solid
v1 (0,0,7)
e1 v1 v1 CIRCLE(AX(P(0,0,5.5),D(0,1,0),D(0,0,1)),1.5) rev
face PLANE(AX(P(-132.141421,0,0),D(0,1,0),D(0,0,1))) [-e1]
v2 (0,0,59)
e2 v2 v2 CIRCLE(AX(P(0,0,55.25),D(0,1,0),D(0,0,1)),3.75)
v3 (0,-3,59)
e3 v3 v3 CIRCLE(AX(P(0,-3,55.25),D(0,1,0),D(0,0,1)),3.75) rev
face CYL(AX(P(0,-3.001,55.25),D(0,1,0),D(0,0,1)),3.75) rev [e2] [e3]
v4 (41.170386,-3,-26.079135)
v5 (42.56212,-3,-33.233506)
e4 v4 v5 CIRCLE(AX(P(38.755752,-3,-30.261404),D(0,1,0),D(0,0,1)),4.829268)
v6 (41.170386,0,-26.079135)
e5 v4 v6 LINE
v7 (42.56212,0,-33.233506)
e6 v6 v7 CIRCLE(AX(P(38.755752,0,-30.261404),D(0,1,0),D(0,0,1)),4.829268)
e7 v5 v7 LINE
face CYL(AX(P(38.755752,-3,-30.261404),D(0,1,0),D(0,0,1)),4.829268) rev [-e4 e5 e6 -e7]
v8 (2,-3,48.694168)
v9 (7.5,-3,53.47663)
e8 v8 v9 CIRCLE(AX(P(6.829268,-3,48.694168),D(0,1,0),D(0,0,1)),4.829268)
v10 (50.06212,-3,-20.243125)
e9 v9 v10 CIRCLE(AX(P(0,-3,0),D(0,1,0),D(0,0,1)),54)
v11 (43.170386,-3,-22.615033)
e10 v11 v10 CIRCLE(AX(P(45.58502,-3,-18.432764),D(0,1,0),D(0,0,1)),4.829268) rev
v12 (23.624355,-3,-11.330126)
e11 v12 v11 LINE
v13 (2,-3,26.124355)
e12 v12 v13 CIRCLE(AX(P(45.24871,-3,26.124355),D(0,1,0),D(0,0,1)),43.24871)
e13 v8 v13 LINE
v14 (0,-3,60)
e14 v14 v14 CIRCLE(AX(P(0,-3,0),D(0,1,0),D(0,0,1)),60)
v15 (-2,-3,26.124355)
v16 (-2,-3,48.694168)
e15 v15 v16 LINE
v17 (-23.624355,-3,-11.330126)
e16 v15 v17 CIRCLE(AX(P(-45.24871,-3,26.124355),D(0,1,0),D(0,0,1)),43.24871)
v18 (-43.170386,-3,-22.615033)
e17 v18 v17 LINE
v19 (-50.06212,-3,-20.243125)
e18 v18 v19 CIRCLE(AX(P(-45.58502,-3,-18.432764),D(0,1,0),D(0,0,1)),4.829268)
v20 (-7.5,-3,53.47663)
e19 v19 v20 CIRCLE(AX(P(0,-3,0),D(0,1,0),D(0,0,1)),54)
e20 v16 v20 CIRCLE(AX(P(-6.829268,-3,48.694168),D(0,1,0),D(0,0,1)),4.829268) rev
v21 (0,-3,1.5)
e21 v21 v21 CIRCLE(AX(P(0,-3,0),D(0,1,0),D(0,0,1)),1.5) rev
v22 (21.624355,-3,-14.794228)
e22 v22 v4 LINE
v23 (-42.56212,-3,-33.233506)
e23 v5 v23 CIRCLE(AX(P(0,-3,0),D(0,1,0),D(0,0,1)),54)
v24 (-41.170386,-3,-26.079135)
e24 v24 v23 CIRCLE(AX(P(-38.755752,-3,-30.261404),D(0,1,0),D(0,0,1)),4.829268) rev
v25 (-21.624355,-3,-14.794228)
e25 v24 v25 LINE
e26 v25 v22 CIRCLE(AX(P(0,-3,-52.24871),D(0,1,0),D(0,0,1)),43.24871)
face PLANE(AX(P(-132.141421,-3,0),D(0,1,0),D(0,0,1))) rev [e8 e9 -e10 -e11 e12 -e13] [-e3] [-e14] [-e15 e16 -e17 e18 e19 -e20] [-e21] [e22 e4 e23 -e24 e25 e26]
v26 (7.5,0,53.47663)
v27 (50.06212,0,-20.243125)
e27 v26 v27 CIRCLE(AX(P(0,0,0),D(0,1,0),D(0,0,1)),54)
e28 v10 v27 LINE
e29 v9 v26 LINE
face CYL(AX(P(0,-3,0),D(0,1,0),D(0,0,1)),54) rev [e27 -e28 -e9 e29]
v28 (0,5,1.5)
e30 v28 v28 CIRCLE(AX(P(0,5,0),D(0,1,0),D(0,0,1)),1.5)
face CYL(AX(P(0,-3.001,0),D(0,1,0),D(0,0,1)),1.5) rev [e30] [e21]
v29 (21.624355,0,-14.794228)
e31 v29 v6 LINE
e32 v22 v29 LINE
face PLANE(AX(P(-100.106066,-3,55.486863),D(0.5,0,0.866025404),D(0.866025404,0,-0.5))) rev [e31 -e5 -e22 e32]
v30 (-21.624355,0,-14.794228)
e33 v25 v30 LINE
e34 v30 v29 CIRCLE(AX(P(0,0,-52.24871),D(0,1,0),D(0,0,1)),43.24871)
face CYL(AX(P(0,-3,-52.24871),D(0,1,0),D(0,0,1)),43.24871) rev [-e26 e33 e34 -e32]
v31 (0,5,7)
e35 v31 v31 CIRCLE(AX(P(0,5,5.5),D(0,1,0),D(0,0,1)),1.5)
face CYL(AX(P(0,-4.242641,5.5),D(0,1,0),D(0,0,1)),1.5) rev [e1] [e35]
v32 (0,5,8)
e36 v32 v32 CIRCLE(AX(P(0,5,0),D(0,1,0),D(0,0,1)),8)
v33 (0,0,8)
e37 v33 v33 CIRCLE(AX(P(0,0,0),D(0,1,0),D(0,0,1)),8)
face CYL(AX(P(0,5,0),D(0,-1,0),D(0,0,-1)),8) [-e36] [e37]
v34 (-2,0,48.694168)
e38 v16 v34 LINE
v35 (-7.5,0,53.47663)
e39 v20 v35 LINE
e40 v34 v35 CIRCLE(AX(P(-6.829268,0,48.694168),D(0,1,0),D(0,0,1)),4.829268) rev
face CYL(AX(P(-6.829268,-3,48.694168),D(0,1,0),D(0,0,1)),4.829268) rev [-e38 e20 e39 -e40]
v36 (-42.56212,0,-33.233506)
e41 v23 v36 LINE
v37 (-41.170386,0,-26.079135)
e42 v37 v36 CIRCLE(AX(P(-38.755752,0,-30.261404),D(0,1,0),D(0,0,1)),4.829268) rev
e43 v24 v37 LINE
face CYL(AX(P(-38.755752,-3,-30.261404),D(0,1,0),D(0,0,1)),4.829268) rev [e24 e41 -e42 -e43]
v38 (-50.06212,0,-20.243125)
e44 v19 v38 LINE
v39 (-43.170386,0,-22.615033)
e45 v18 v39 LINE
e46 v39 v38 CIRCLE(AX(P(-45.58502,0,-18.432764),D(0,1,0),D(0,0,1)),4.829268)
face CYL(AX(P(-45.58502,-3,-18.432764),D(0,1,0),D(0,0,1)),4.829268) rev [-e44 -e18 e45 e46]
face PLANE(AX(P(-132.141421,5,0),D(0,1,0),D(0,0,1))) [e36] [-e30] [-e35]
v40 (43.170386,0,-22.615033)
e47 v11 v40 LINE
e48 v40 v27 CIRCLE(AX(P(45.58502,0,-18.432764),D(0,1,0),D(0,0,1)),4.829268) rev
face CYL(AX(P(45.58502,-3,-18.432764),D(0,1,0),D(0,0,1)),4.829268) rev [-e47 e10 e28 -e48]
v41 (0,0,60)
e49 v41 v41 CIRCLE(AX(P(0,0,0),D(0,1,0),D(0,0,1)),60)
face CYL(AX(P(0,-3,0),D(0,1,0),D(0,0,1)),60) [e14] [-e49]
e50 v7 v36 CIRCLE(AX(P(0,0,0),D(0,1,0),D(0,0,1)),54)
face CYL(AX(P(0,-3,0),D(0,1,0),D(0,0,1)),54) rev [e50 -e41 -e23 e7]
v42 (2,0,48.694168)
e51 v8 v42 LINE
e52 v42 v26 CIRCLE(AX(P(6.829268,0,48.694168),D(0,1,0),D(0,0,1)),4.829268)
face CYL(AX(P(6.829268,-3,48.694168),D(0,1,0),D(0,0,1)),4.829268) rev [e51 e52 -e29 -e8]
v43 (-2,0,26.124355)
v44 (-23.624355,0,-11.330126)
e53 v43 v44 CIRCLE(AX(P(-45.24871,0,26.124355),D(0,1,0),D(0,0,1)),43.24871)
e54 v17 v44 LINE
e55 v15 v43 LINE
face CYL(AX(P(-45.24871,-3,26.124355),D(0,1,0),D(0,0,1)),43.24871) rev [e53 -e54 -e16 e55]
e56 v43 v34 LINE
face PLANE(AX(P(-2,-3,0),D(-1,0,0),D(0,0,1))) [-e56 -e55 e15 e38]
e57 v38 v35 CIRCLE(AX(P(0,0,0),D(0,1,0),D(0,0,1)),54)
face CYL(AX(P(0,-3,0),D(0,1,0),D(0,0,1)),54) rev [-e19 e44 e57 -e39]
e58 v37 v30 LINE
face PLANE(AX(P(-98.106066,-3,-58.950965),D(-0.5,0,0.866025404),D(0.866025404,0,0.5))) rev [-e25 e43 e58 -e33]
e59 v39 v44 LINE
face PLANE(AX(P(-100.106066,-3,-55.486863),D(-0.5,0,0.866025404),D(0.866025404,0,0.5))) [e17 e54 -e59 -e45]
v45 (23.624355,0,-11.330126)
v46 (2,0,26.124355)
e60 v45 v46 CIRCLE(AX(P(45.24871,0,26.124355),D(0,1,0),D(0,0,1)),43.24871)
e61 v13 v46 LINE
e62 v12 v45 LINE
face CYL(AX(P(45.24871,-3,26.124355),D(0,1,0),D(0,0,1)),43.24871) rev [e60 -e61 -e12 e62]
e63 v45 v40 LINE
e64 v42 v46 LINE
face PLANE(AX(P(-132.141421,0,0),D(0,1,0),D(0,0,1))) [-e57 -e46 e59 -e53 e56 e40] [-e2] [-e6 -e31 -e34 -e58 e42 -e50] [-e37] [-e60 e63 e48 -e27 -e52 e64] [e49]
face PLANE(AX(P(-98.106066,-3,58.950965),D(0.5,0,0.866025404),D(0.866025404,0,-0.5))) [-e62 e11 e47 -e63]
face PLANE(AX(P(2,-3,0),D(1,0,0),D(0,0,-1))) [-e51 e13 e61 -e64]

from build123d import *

# Parameters (mm, degrees)
SKETCH1_R           = 60
SKETCH1_R_2         = 54
SKETCH1_R_3         = 8
BOSS_EXTRUDE1_DEPTH = 3
SKETCH1_3_R         = 8
BOSS_EXTRUDE2_DEPTH = 5
CUT_EXTRUDE1_REACH  = 10
SKETCH2_R           = 1.5
CUT_EXTRUDE2_REACH  = 5
SKETCH3_R           = 3.75
SKETCH4_R           = 1.5
CUT_EXTRUDE3_DEPTH  = 5


with BuildPart() as part:
    # Sketch1 → Boss-Extrude1 (new body)
    with BuildSketch(Plane(origin=(0, 0, 0), x_dir=(1, 0, 0), z_dir=(0, 1, 0))):
        Circle(SKETCH1_R)
        Circle(SKETCH1_R_2, mode=Mode.SUBTRACT)
        with BuildLine():
            ThreePointArc((7.5, -53.47663041), (3.660460389, -52.338407931), (2.000000204, -48.694167705))
            Line((2.000000204, -48.694167705), (2.000000204, -26.12435489))
            ThreePointArc((2.000000204, -26.12435489), (3.473664254, -14.930765123), (7.794228634, -4.5))
            ThreePointArc((7.794228634, -4.5), (14.667254021, 4.457101073), (23.624355095, 11.33012646))
            Line((23.624355095, 11.33012646), (43.170386351, 22.615032868))
            ThreePointArc((43.170386351, 22.615032868), (47.156621056, 22.999152279), (50.062120444, 20.243124677))
            ThreePointArc((50.062120444, 20.243124677), (46.765371804, 27), (42.562120444, 33.233505733))
            ThreePointArc((42.562120444, 33.233505733), (43.496160667, 29.339255651), (41.170386147, 26.079134837))
            Line((41.170386147, 26.079134837), (21.62435489, 14.79422843))
            ThreePointArc((21.62435489, 14.79422843), (11.193589767, 10.47366405), (0, 9))
            ThreePointArc((0, 9), (-11.193589767, 10.47366405), (-21.62435489, 14.79422843))
            Line((-21.62435489, 14.79422843), (-41.170386147, 26.079134837))
            ThreePointArc((-41.170386147, 26.079134837), (-43.496160667, 29.339255651), (-42.562120444, 33.233505733))
            ThreePointArc((-42.562120444, 33.233505733), (-46.765371804, 27), (-50.062120444, 20.243124677))
            ThreePointArc((-50.062120444, 20.243124677), (-47.156621056, 22.999152279), (-43.170386351, 22.615032868))
            Line((-43.170386351, 22.615032868), (-23.624355095, 11.33012646))
            ThreePointArc((-23.624355095, 11.33012646), (-14.667254021, 4.457101073), (-7.794228634, -4.5))
            ThreePointArc((-7.794228634, -4.5), (-3.473664254, -14.930765123), (-2.000000204, -26.12435489))
            Line((-2.000000204, -26.12435489), (-2.000000204, -48.694167705))
            ThreePointArc((-2.000000204, -48.694167705), (-3.660460389, -52.338407931), (-7.5, -53.47663041))
            ThreePointArc((-7.5, -53.47663041), (0, -54), (7.5, -53.47663041))
        make_face()
        Circle(SKETCH1_R_3, mode=Mode.SUBTRACT)
        Circle(SKETCH1_R_3)
    extrude(amount=-BOSS_EXTRUDE1_DEPTH)

    # Sketch1_3 → Boss-Extrude2 (add)
    with BuildSketch(Plane(origin=(0, 0, 0), x_dir=(1, 0, 0), z_dir=(0, 1, 0))):
        Circle(SKETCH1_3_R)
    extrude(amount=BOSS_EXTRUDE2_DEPTH)

    # Sketch2 → Cut-Extrude1 (cut, up to next)
    with BuildSketch(Plane(origin=(0, 5, 0), x_dir=(1, 0, 0), z_dir=(0, 1, 0)), mode=Mode.PRIVATE) as cut_extrude1_sk1:
        Circle(SKETCH2_R)
    cut_extrude1_tool1 = extrude(cut_extrude1_sk1.sketch, amount=-CUT_EXTRUDE1_REACH, mode=Mode.PRIVATE) & part.part
    add(cut_extrude1_tool1.solids().sort_by_distance((0, 5, 0))[0], mode=Mode.SUBTRACT)

    # Sketch3 → Cut-Extrude2 (cut, up to next)
    with BuildSketch(Plane(origin=(0, 0, 0), x_dir=(1, 0, 0), z_dir=(0, 1, 0)), mode=Mode.PRIVATE) as cut_extrude2_sk1:
        with Locations((0, -55.25)):
            Circle(SKETCH3_R)
    cut_extrude2_tool1 = extrude(cut_extrude2_sk1.sketch, amount=-CUT_EXTRUDE2_REACH, mode=Mode.PRIVATE) & part.part
    add(cut_extrude2_tool1.solids().sort_by_distance((0, 0, 55.25))[0], mode=Mode.SUBTRACT)

    # Sketch4 → Cut-Extrude3 (cut)
    with BuildSketch(Plane(origin=(0, 5, 0), x_dir=(1, 0, 0), z_dir=(0, 1, 0))):
        with Locations((0, -5.5)):
            Circle(SKETCH4_R)
    extrude(amount=-CUT_EXTRUDE3_DEPTH, mode=Mode.SUBTRACT)


solid = part.part
